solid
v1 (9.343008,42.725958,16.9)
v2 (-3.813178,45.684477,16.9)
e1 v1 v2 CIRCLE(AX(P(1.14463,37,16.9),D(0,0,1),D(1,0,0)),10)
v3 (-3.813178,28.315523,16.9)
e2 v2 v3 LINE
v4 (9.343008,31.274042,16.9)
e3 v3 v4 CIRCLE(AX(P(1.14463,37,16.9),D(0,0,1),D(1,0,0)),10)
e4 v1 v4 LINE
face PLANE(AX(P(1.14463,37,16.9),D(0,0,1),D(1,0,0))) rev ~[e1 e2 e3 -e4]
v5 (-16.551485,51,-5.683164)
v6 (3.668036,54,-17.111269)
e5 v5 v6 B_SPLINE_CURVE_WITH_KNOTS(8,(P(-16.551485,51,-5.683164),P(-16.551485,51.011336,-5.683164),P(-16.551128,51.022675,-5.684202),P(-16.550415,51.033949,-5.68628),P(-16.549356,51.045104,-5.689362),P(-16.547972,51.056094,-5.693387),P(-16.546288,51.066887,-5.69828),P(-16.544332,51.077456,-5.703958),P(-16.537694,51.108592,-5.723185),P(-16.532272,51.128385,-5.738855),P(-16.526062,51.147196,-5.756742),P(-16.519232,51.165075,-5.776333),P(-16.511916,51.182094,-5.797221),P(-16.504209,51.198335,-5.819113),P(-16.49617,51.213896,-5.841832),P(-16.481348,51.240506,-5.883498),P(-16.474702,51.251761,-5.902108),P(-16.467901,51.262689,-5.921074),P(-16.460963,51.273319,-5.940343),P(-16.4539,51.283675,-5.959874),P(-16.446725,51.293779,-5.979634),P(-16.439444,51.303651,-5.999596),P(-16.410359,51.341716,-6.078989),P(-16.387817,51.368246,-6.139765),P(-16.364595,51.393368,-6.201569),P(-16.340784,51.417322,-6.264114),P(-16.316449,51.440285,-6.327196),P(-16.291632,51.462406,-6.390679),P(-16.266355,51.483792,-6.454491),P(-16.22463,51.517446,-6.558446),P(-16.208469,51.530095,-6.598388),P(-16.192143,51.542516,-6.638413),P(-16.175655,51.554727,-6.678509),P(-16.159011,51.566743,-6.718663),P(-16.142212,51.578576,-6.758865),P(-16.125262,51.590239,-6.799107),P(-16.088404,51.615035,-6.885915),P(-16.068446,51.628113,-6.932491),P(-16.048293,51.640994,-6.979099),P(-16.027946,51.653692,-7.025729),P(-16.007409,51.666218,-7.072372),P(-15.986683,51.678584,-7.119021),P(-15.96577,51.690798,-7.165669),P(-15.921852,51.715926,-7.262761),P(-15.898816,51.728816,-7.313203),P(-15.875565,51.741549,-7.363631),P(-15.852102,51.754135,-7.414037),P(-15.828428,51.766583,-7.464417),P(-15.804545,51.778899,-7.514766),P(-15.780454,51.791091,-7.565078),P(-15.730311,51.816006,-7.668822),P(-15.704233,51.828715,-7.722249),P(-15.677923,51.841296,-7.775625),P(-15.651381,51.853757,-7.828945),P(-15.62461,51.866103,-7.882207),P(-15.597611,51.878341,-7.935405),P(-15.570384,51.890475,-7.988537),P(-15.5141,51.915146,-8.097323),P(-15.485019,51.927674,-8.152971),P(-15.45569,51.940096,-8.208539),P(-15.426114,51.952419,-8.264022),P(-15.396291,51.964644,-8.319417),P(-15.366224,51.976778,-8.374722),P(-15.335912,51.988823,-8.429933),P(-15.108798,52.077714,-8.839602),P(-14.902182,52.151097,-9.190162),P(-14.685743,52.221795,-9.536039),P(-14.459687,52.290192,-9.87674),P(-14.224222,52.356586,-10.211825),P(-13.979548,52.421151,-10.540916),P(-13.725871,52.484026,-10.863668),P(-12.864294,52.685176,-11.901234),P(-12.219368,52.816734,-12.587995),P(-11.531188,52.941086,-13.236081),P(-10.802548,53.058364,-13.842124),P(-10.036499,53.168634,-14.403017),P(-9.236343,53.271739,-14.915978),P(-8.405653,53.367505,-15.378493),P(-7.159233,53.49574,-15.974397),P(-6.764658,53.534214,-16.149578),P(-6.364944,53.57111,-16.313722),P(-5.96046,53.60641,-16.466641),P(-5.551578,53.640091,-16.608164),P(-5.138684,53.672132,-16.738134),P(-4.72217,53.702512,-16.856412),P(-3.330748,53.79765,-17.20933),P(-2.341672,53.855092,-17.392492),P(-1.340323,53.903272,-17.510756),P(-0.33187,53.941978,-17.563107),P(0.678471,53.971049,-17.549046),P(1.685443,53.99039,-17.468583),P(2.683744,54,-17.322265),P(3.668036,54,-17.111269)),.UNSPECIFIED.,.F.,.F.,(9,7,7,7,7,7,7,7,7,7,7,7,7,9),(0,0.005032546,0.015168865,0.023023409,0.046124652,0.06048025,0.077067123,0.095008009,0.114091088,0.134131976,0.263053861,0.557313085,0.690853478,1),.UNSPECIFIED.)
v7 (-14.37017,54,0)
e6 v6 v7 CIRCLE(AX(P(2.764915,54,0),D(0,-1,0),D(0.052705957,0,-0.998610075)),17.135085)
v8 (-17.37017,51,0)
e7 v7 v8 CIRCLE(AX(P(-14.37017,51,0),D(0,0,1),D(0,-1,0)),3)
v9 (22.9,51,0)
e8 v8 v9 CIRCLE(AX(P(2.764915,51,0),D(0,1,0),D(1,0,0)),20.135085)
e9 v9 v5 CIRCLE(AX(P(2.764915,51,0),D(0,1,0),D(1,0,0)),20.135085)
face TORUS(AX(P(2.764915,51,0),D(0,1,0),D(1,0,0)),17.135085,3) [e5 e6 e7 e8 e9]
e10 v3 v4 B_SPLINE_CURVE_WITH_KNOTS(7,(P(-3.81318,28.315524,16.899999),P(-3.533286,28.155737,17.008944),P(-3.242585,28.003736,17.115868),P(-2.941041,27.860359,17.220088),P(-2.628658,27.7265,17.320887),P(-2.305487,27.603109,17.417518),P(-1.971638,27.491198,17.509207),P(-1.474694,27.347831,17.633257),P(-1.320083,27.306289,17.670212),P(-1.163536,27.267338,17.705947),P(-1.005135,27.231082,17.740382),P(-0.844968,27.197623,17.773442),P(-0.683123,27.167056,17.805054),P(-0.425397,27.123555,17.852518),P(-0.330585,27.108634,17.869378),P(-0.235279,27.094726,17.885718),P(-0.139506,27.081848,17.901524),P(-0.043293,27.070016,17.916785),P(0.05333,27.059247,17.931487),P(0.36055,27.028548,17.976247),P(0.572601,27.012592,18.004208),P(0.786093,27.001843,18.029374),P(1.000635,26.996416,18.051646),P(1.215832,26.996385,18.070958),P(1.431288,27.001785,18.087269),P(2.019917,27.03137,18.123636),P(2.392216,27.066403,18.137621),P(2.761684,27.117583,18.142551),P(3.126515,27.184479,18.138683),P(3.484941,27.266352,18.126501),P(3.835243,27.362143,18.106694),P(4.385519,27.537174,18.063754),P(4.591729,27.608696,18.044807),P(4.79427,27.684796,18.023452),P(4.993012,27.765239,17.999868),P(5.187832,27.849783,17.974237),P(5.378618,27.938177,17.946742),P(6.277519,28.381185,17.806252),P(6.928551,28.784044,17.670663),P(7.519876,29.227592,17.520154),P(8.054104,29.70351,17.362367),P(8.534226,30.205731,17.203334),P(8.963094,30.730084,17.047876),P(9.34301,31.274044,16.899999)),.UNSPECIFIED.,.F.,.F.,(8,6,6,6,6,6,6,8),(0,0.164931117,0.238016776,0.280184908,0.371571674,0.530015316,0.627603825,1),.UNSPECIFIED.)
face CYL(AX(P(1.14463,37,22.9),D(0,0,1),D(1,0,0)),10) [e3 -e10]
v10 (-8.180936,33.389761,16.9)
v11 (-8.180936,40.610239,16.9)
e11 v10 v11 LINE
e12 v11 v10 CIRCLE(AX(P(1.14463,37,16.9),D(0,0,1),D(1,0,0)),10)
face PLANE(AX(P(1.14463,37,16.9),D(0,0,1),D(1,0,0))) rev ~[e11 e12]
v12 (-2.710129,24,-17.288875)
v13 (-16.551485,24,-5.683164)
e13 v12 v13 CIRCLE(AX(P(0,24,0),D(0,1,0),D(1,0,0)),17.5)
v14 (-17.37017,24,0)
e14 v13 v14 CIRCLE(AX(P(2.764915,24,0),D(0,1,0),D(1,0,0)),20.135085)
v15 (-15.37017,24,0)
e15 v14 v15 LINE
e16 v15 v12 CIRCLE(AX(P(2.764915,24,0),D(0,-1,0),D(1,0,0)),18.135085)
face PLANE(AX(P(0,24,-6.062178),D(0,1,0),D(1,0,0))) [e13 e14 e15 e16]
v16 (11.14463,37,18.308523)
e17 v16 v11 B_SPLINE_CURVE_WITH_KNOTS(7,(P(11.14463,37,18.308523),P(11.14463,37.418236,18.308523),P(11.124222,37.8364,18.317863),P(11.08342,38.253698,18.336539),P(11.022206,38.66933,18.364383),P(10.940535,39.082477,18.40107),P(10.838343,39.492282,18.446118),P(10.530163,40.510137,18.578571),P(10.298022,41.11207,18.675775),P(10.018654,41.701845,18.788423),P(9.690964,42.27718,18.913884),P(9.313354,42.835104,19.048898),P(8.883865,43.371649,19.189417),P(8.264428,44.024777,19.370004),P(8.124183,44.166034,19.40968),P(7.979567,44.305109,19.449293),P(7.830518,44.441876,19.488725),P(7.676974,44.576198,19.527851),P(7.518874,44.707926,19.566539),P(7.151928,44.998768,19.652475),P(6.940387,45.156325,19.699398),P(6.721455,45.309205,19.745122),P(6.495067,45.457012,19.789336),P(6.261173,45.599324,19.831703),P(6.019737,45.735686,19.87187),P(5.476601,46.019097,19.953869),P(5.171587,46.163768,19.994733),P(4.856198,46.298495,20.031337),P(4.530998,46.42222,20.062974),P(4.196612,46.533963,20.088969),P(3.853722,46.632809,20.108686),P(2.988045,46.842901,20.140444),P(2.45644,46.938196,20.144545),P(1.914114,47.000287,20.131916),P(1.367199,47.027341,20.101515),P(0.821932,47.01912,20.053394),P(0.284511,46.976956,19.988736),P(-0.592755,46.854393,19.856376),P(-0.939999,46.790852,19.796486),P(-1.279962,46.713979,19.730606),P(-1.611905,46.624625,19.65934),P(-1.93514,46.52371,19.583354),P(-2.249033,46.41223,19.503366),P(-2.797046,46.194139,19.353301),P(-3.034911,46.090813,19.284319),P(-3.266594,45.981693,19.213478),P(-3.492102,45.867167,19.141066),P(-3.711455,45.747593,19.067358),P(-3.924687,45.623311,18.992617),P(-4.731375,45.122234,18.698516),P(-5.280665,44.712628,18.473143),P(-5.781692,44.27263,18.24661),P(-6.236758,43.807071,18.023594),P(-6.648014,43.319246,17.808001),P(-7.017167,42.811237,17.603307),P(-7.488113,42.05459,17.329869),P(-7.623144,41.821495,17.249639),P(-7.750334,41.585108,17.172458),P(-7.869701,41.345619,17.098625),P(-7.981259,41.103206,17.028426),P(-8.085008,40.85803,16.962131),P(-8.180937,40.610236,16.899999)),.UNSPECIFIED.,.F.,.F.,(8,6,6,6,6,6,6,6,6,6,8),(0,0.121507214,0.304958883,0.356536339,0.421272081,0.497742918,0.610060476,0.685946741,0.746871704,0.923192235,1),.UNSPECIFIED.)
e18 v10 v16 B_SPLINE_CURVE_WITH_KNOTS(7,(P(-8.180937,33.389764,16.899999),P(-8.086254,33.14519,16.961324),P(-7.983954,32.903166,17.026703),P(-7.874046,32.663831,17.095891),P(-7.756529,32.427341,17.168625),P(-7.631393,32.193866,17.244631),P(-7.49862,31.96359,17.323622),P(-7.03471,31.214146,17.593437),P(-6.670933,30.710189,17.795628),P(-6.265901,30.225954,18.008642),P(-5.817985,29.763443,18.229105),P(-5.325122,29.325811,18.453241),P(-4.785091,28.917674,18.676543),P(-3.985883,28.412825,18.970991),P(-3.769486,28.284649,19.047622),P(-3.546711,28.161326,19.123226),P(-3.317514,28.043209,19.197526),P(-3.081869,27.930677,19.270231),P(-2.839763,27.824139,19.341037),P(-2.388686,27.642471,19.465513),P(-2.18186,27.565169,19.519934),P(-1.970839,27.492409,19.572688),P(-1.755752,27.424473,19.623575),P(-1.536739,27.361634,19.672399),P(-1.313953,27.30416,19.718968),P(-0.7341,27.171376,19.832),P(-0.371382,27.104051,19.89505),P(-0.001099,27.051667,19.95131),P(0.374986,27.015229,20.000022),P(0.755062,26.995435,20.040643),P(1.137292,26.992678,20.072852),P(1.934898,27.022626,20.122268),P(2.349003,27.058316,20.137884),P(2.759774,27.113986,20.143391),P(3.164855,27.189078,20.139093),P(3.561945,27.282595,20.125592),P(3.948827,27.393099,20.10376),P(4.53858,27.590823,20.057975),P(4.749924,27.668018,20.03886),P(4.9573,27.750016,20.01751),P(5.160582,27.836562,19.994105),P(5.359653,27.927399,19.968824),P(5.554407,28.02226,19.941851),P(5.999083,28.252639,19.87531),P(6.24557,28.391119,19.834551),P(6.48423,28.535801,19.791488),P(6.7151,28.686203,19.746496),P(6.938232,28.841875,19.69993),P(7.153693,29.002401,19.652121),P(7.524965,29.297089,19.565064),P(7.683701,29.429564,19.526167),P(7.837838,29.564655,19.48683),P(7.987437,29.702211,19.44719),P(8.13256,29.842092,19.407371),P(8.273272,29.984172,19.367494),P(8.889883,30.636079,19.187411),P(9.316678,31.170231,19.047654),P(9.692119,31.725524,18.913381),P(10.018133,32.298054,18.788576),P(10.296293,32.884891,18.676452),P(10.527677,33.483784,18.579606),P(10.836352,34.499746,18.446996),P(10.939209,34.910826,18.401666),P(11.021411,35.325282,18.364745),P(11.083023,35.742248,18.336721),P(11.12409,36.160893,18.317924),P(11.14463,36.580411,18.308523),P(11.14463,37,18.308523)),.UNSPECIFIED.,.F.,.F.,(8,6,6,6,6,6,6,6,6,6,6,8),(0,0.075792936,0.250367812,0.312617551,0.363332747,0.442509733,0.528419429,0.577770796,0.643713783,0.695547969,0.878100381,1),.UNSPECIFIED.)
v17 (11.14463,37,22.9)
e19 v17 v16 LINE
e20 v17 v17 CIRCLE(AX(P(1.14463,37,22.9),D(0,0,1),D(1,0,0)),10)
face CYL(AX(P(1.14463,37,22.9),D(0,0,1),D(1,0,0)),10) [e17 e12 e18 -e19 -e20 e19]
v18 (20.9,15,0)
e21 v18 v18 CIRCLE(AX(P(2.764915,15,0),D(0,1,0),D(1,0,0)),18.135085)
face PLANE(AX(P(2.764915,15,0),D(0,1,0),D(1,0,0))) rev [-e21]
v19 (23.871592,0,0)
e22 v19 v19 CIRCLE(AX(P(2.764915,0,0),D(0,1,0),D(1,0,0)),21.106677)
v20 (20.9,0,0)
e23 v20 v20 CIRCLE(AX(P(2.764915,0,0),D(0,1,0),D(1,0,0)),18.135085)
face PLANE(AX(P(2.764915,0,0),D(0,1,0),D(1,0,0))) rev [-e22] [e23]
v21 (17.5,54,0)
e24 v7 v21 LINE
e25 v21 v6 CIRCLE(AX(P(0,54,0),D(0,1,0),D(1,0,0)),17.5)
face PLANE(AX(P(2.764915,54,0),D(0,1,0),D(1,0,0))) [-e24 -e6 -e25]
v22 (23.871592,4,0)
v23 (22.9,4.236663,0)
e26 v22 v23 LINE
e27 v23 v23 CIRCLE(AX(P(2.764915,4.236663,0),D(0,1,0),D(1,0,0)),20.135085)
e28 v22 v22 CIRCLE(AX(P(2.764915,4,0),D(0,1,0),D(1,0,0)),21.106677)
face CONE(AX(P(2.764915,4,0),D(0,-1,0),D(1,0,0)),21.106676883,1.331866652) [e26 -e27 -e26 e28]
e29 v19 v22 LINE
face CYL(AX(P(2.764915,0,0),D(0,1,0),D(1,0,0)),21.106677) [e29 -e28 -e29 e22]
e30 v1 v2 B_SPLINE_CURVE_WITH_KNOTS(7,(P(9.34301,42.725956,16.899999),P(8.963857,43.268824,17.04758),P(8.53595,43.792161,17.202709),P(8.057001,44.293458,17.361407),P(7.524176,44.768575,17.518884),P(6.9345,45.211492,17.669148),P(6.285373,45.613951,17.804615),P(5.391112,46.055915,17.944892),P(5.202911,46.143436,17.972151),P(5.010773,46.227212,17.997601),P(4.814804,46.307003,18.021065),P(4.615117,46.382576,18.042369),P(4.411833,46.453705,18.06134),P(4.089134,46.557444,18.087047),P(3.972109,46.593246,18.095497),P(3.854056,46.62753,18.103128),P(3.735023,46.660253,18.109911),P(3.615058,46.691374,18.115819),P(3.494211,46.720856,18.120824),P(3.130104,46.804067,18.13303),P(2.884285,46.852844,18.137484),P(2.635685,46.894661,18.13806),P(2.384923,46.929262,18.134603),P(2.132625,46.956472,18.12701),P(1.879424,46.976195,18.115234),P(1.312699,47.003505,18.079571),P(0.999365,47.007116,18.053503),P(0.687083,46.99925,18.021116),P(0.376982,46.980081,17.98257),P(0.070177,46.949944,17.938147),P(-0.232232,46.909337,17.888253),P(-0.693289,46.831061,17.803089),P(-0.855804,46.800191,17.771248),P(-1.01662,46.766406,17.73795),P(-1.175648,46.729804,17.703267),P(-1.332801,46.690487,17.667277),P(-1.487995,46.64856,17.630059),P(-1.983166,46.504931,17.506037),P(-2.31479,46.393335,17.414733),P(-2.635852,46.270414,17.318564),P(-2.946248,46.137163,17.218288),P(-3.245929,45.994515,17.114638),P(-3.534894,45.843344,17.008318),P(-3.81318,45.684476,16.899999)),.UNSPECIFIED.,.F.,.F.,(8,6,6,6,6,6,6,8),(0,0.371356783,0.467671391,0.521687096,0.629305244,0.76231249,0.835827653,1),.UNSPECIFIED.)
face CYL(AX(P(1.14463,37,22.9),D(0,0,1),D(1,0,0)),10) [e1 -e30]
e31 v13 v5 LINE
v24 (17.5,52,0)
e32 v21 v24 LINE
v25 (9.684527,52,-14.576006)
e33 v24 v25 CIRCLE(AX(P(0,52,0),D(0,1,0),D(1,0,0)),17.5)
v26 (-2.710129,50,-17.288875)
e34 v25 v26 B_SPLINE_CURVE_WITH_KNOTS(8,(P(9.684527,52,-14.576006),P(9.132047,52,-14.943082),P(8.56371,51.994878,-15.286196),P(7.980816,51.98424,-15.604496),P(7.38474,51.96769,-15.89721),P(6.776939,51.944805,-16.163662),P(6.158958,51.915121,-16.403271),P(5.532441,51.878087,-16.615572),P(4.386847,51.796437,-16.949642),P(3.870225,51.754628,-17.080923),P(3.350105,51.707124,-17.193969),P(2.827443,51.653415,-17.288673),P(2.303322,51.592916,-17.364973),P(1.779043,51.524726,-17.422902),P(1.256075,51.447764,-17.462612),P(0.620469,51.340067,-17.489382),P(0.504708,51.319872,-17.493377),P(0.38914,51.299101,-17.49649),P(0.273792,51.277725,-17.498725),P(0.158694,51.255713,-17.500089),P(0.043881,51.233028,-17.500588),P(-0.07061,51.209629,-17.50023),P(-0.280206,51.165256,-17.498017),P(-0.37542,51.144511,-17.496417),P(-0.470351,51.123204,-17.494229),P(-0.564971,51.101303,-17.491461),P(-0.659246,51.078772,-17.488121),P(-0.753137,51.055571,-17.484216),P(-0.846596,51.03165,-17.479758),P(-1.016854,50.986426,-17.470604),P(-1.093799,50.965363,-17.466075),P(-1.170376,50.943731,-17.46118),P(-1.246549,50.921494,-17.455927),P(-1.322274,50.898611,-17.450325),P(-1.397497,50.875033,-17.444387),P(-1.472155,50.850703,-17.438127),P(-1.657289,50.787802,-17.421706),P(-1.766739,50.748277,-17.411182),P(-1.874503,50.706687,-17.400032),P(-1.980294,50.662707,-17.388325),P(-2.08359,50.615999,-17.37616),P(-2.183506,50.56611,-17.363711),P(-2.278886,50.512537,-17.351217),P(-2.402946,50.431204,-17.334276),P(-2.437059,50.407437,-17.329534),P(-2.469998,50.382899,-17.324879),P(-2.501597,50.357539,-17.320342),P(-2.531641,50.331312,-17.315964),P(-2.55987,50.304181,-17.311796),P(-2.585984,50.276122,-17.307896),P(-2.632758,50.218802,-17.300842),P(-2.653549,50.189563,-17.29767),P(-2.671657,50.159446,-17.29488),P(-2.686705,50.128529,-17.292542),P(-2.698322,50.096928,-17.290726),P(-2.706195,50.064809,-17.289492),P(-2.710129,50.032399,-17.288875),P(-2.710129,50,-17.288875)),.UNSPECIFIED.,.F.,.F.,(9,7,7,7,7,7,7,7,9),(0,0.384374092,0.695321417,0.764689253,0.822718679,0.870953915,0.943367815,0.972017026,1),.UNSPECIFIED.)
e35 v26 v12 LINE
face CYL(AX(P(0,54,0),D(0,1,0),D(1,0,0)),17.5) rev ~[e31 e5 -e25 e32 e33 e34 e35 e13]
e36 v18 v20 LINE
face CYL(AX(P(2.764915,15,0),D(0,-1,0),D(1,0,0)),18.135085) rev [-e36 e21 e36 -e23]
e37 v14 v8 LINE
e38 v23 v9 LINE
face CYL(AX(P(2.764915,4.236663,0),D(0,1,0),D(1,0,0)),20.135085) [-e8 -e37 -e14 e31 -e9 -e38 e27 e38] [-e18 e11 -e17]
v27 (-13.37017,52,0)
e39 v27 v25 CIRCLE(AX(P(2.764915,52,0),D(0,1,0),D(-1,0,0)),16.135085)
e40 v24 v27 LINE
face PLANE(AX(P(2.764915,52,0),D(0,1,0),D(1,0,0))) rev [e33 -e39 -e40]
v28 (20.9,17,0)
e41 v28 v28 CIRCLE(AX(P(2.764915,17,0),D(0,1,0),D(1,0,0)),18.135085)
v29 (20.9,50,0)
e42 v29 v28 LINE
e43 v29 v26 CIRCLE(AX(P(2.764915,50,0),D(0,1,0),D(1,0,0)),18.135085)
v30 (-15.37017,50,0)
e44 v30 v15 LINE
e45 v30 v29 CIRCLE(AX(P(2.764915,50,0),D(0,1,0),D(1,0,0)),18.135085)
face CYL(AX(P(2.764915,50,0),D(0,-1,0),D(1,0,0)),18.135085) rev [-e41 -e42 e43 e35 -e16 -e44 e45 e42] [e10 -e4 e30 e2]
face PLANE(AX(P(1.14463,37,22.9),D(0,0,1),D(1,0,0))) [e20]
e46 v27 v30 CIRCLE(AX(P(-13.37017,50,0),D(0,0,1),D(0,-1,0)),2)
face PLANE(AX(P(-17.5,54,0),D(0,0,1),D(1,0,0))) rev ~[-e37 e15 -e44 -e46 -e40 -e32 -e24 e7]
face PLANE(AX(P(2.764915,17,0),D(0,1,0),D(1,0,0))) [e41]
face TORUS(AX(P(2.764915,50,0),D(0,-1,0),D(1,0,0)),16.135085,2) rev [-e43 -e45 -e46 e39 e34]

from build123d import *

# Parameters (mm, degrees)
SKETCH4_R           = 10
BOSS_EXTRUDE2_DEPTH = 6
CUT_EXTRUDE2_DEPTH  = 30


with BuildPart() as part:
    # Sketch1 → Revolve1 (revolve)
    with BuildSketch(Plane.XY):
        with BuildLine():
            Line((20.9, 0), (23.871591838, 0))
            Line((23.871591838, 0), (23.871591838, 4))
            Line((23.871591838, 4), (22.9, 4.236662843))
            Line((22.9, 4.236662843), (22.9, 51))
            ThreePointArc((22.9, 51), (22.021320344, 53.121320344), (19.9, 54))
            Line((19.9, 54), (2.764914955, 54))
            Line((2.764914955, 54), (2.764914955, 52))
            Line((2.764914955, 52), (18.9, 52))
            ThreePointArc((18.9, 52), (20.314213562, 51.414213562), (20.9, 50))
            Line((20.9, 50), (20.9, 17))
            Line((20.9, 17), (2.764914955, 17))
            Line((2.764914955, 17), (2.764914955, 15))
            Line((2.764914955, 15), (20.9, 15))
            Line((20.9, 15), (20.9, 0))
        make_face()
    revolve(axis=Axis((2.764914955, 7.821821657, 0), (0, 1, 0)))

    # Sketch4 → Boss-Extrude2 (add)
    with BuildSketch(Plane.XY.offset(22.9)):
        with Locations((1.144629865, 37)):
            Circle(SKETCH4_R)
    extrude(amount=-BOSS_EXTRUDE2_DEPTH)

    # Sketch9 → Cut-Extrude2 (cut)
    with BuildSketch(Plane(origin=(0, 54, 0), x_dir=(1, 0, 0), z_dir=(0, 1, 0))):
        with BuildLine():
            Line((-17.5, 0), (17.5, 0))
            ThreePointArc((17.5, 0), (0, 17.5), (-17.5, 0))
        make_face()
    extrude(amount=-CUT_EXTRUDE2_DEPTH, mode=Mode.SUBTRACT)


solid = part.part
